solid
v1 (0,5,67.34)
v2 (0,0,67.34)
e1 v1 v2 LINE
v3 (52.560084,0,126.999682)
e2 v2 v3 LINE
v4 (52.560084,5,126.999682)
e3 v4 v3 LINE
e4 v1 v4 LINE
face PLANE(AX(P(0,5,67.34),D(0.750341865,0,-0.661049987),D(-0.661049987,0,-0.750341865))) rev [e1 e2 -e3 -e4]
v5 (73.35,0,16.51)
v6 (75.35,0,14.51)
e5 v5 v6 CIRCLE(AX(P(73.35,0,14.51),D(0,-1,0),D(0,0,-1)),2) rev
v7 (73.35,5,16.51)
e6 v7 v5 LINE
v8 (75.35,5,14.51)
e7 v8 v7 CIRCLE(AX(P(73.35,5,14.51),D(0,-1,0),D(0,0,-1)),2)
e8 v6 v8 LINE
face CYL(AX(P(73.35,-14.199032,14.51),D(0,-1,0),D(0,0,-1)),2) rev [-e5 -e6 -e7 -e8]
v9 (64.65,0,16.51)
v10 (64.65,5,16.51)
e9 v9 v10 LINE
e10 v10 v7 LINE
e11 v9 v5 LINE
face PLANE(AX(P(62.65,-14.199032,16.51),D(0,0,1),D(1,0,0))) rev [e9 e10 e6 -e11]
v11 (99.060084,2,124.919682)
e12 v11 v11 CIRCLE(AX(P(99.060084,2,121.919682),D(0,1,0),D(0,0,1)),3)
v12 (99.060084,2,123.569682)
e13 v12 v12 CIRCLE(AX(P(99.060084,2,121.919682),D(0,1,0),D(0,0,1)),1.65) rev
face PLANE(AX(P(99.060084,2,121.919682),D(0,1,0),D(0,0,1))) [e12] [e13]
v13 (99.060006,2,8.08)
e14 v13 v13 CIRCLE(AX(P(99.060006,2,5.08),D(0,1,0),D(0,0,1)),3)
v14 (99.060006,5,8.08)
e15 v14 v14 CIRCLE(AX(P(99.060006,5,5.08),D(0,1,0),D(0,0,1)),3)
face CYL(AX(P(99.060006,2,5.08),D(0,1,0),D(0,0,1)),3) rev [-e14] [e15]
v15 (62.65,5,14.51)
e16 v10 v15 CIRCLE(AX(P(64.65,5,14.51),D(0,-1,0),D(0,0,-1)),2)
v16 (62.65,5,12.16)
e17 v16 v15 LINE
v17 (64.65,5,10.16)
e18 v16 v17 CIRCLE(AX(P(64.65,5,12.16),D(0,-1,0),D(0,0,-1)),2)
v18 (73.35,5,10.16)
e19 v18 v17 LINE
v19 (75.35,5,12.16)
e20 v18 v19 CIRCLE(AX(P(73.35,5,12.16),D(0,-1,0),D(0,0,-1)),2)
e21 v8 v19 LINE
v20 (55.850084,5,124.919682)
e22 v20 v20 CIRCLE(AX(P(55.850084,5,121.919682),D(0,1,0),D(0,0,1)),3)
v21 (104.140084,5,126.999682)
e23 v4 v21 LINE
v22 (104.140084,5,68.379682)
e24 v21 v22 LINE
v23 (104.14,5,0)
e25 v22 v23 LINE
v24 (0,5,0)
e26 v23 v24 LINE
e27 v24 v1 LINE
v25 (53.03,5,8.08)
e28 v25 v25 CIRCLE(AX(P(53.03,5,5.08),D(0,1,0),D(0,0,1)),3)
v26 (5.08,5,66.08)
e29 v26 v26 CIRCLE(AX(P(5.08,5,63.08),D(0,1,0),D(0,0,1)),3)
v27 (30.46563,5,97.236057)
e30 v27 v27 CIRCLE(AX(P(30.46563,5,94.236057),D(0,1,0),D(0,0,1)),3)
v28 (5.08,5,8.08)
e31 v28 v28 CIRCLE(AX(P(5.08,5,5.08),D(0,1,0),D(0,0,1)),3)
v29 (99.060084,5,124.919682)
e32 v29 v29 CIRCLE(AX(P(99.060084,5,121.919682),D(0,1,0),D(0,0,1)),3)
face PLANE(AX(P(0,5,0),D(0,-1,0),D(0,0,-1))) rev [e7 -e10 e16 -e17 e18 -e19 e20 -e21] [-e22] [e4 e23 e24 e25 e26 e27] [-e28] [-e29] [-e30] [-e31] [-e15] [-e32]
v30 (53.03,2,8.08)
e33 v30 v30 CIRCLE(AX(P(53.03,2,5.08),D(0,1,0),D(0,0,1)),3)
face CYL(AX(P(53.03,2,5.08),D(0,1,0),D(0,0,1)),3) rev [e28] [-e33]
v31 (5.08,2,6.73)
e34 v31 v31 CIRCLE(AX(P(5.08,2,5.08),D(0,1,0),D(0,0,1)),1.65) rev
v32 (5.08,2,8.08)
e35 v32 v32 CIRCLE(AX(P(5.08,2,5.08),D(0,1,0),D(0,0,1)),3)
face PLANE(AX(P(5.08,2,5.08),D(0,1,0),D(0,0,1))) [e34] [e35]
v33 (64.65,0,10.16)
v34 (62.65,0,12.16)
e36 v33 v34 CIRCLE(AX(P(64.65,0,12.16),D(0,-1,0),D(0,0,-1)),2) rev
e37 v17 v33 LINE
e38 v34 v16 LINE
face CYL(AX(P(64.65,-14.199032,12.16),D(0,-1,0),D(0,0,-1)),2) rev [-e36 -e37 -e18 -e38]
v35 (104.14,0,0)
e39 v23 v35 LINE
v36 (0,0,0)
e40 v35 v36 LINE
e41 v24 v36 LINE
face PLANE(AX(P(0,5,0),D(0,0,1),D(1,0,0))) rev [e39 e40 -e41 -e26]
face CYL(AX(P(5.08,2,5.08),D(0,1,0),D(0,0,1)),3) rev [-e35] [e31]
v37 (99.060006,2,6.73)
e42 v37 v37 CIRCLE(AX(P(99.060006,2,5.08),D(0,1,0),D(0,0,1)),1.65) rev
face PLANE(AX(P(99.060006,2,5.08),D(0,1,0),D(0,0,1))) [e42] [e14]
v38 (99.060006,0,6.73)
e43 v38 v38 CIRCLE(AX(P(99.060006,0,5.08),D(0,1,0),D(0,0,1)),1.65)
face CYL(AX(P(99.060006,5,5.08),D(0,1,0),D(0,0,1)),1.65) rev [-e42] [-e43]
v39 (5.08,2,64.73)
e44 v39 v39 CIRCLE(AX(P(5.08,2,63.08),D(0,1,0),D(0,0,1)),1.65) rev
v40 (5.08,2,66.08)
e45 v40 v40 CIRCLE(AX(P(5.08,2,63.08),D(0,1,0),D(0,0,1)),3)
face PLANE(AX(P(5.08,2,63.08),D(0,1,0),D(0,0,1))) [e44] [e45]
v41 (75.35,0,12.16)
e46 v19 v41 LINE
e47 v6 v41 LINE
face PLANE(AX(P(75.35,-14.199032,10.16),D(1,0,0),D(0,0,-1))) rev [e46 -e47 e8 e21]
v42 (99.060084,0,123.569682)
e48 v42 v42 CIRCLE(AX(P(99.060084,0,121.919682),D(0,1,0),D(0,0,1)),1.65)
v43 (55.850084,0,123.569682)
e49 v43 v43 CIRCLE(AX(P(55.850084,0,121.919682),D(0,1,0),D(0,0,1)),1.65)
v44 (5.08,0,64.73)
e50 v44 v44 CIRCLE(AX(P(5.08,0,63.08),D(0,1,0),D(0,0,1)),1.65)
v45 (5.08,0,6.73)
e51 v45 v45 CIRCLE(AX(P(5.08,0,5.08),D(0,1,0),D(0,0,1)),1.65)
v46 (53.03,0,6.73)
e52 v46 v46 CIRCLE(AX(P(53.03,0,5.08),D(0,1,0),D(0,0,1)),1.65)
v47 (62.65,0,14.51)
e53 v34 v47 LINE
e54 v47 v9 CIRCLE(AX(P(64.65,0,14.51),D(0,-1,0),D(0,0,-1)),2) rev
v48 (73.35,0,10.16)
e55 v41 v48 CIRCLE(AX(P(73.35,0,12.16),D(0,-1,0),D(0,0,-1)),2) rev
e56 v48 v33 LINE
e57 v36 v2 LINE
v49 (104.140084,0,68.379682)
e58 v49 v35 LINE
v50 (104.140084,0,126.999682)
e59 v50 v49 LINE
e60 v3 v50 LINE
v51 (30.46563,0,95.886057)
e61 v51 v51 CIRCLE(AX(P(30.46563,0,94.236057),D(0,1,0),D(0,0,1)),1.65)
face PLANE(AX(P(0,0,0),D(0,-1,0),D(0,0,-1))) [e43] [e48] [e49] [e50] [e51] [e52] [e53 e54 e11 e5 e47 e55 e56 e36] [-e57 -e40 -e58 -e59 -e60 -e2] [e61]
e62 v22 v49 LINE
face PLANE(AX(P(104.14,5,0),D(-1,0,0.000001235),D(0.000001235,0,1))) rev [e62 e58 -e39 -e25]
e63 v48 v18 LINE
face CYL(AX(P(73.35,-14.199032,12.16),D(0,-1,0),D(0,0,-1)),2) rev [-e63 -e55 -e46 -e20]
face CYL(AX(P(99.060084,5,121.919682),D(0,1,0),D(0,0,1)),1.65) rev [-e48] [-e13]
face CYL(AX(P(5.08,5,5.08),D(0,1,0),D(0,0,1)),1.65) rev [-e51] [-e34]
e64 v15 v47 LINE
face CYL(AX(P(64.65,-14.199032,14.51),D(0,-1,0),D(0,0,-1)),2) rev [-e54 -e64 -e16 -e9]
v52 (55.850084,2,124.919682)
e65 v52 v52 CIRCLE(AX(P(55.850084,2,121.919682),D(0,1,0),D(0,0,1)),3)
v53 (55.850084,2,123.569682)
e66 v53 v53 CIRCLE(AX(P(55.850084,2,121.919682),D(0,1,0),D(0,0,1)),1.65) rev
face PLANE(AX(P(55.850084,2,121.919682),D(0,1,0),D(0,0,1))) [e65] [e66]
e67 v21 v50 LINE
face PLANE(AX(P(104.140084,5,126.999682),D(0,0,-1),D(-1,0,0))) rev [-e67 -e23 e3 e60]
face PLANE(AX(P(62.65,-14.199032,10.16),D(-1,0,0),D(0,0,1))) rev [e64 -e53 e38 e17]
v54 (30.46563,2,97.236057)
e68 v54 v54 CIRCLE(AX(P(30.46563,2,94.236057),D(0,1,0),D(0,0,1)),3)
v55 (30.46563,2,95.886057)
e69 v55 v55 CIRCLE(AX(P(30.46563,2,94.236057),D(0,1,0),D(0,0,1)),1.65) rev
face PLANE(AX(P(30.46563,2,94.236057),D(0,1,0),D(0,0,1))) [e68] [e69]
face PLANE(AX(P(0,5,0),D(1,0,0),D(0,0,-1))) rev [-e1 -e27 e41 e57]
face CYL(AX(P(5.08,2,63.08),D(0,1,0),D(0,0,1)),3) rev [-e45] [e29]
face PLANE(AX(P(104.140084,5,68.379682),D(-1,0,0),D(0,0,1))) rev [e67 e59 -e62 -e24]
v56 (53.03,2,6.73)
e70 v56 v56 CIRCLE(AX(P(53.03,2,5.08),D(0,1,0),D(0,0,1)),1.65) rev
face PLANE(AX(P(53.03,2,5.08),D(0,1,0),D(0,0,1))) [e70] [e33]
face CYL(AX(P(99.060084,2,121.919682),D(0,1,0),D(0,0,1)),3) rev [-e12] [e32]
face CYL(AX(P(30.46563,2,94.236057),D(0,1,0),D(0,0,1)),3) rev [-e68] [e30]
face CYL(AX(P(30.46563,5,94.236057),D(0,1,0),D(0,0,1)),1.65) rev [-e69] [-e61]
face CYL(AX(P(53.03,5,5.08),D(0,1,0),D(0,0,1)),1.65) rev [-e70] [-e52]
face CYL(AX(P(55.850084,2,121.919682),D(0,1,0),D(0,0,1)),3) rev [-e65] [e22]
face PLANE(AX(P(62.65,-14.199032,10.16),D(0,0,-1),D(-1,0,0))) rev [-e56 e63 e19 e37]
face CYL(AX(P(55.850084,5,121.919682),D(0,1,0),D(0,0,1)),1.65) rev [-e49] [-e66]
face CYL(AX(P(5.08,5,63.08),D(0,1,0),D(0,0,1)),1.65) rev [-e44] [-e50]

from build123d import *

# Parameters (mm, degrees)
BOSS_EXTRUDE1_DEPTH   = 5
F_4_0MM_DOWEL_HOLE1_D = 3.3
SKETCH4_W             = 12.7
SKETCH4_H             = 6.35
CUT_EXTRUDE1_DEPTH    = 5
FILLET1_R             = 2
SKETCH5_R             = 3
CUT_EXTRUDE2_DEPTH    = 3


with BuildPart() as part:
    # Sketch1 → Boss-Extrude1 (new body)
    with BuildSketch(Plane(origin=(0, 0, 0), x_dir=(1, 0, 0), z_dir=(0, 1, 0))):
        Polygon((0, 0), (104.14, 0), (104.140084457, -68.379681711), (104.140084457, -126.999681711), (52.560084457, -126.999681711), (0, -67.34), align=None)
    extrude(amount=BOSS_EXTRUDE1_DEPTH)

    # Ø4.0mm Dowel Hole1 (through all)
    with Locations(Plane(origin=(5.08, 5, 5.08), x_dir=(0, 0, 1), z_dir=(0, 1, 0))):
        with Locations((0, 0), (0, 47.95), (0, 93.980006274), (116.839681711, 93.980084457), (116.839681711, 50.770084457), (89.156056724, 25.385630403), (58, 0)):
            Hole(F_4_0MM_DOWEL_HOLE1_D / 2)

    # Sketch4 → Cut-Extrude1 (cut)
    with BuildSketch(Plane(origin=(0, 5, 0), x_dir=(1, 0, 0), z_dir=(0, 1, 0))):
        with Locations((69, -13.335)):
            Rectangle(SKETCH4_W, SKETCH4_H)
    extrude(amount=-CUT_EXTRUDE1_DEPTH, mode=Mode.SUBTRACT)

    # Fillet1
    fillet1_edges = [part.edges().sort_by_distance(p)[0] for p in [
        (62.65, 2.5, 10.16),
        (62.65, 2.5, 16.51),
        (75.35, 2.5, 16.51),
        (75.35, 2.5, 10.16),
    ]]
    fillet(fillet1_edges, radius=FILLET1_R)

    # Sketch5 → Cut-Extrude2 (cut)
    with BuildSketch(Plane(origin=(0, 5, 0), x_dir=(1, 0, 0), z_dir=(0, 1, 0))):
        with Locations(Location((55.850084457, -121.919681711, 0), (0, 0, 270))):
            Circle(SKETCH5_R)
        with Locations(Location((99.060084457, -121.919681711, 0), (0, 0, 270))):
            Circle(SKETCH5_R)
        with Locations(Location((30.465630403, -94.236056724, 0), (0, 0, 270))):
            Circle(SKETCH5_R)
        with Locations(Location((5.08, -63.08, 0), (0, 0, 270))):
            Circle(SKETCH5_R)
        with Locations(Location((5.08, -5.08, 0), (0, 0, 270))):
            Circle(SKETCH5_R)
        with Locations(Location((53.03, -5.08, 0), (0, 0, 270))):
            Circle(SKETCH5_R)
        with Locations(Location((99.060006274, -5.08, 0), (0, 0, 270))):
            Circle(SKETCH5_R)
    extrude(amount=-CUT_EXTRUDE2_DEPTH, mode=Mode.SUBTRACT)


solid = part.part
